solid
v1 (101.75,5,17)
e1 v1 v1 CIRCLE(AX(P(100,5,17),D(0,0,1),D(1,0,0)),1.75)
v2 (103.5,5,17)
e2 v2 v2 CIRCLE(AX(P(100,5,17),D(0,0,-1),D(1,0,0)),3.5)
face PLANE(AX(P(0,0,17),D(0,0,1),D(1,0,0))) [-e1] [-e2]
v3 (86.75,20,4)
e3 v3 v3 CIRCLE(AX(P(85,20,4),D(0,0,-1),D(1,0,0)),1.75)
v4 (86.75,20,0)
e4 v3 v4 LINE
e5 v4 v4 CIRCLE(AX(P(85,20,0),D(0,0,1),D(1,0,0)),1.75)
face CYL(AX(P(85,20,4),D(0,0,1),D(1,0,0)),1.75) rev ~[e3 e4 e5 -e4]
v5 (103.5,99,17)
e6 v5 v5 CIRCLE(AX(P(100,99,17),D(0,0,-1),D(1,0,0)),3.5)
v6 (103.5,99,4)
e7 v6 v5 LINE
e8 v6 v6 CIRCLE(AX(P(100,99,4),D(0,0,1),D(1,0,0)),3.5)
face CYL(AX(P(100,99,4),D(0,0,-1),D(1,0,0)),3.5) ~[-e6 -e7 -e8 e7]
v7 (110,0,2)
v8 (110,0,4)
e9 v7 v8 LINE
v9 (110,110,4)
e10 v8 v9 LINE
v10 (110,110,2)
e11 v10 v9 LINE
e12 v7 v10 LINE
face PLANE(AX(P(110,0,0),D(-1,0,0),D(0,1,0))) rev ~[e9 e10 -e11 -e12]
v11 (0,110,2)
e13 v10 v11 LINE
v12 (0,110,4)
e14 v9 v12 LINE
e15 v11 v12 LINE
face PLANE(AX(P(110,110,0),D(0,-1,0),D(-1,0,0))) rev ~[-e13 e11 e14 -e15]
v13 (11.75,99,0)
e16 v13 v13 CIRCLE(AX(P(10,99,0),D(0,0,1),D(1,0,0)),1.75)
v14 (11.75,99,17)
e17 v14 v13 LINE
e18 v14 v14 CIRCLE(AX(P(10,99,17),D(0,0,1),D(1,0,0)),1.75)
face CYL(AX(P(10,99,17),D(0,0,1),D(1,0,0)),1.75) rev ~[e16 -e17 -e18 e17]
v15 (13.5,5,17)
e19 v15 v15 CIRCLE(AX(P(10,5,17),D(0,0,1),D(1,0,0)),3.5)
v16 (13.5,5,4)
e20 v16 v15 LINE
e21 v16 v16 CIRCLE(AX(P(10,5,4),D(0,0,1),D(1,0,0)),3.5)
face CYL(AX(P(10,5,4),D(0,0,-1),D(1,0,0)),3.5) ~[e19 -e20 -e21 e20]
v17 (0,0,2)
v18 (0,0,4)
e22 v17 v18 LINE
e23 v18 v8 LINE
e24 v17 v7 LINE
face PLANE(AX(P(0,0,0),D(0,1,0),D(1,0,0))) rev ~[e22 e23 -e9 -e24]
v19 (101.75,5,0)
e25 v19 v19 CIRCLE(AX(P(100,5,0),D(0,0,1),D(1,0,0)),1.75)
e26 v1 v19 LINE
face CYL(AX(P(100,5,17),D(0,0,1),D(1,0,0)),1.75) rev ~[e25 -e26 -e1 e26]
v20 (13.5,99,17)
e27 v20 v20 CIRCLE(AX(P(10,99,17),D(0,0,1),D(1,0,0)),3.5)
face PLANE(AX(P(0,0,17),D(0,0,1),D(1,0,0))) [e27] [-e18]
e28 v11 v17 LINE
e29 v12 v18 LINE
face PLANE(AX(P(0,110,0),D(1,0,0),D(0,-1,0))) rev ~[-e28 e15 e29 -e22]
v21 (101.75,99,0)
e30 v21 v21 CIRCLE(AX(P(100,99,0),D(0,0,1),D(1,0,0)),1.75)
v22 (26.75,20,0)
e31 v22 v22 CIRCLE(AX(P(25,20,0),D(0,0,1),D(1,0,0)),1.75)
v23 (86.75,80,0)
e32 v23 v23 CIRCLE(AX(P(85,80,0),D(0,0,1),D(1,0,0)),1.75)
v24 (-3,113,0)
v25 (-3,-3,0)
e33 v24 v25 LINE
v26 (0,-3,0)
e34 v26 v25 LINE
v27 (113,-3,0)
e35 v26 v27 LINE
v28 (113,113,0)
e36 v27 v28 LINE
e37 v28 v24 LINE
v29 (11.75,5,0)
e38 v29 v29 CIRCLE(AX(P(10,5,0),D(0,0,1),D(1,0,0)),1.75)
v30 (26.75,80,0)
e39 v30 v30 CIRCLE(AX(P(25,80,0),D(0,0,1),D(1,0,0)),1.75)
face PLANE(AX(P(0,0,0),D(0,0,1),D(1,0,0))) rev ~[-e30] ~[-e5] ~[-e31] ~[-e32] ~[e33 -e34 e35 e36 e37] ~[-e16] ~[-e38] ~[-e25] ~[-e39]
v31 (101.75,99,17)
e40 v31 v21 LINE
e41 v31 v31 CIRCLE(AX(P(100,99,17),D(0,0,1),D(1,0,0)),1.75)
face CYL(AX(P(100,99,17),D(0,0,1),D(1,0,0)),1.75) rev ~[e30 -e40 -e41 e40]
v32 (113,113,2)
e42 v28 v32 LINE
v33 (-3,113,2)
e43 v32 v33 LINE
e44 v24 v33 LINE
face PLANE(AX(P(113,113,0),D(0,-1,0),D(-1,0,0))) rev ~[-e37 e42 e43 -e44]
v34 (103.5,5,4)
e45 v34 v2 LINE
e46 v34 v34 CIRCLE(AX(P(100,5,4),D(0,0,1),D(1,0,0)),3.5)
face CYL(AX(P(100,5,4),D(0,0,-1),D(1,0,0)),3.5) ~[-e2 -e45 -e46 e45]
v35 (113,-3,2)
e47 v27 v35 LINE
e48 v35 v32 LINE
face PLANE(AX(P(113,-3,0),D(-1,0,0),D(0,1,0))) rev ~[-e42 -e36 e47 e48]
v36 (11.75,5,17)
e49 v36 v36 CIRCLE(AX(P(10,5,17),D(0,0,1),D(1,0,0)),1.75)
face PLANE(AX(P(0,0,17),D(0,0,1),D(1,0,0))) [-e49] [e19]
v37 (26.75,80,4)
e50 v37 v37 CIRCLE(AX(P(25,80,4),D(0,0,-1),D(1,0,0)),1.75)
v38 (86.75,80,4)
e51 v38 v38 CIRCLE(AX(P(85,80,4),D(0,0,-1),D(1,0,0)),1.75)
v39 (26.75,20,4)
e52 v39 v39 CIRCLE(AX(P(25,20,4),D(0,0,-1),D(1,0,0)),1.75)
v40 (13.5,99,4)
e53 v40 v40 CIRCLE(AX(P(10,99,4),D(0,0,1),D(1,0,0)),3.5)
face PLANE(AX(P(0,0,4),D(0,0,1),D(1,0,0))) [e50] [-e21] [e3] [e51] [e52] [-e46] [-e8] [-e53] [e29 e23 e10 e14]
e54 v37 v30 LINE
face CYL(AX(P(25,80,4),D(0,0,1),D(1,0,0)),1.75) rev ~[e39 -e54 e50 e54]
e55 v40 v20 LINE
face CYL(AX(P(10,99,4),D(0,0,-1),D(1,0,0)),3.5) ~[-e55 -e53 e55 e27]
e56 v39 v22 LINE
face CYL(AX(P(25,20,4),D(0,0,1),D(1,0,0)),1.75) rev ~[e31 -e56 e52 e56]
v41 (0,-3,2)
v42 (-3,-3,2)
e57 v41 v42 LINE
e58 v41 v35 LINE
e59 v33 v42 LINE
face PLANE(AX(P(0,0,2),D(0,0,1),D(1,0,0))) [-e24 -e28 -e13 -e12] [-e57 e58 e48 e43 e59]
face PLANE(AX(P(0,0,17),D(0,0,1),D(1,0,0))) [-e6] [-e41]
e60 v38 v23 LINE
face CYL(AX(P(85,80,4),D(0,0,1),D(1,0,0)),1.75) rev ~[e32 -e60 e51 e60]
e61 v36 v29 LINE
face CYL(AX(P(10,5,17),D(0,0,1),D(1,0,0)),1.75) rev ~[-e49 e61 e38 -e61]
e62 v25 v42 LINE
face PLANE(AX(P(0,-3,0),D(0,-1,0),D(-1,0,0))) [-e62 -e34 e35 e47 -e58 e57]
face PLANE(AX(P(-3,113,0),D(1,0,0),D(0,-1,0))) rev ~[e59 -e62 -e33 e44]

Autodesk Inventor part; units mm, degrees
ref_plane "YZ Plane" through (0, 0, 0) normal (1, 0, 0) x (0, 1, 0)
ref_plane "XZ Plane" through (0, 0, 0) normal (0, 1, 0) x (-1, 0, 0)
ref_plane "XY Plane" through (0, 0, 0) normal (0, 0, 1) x (1, 0, 0)
sketch "Sketch1" plane through (0, 0, 0) normal (0, 0, 1) x (1, 0, 0)
  line L0 (0, 0) -> (110, 0)
  line L1 (110, 0) -> (110, 110)
  line L2 (110, 110) -> (0, 110)
  line L3 (0, 110) -> (0, 0)
  line L4 (0, 0) -> (0, -3)
  line L5 (0, -3) -> (-3, -3)
  line L6 (-3, -3) -> (113, -3)
  line L7 (113, -3) -> (113, 113)
  line L8 (113, 113) -> (-3, 113)
  line L9 (-3, 113) -> (-3, -3)
  dimension "d0" = 110
  dimension "d1" = 110
  dimension "d2" = 3
  dimension "d3" = 3
  dimension "d4" = 116
  dimension "d5" = 116
extrude "Extrusion1" add sketch "Sketch1" along normal blind 4 contours L3 L2 L1 L0
extrude "Extrusion2" add sketch "Sketch1" along normal blind 2
sketch "Sketch2" plane through (0, 0, 4) normal (0, 0, 1) x (1, 0, 0)
  line L0 (0, 0) -> (110, 0) projected
  line L1 (55, 0) -> (55, 5)
  line L2 (55, 5) -> (10, 5)
  line L3 (10, 5) -> (100, 5)
  line L4 (100, 5) -> (100, 99)
  line L5 (100, 99) -> (10, 99)
  circle A0 centre (10, 99) radius 3.5
  circle A1 centre (100, 99) radius 3.5
  circle A2 centre (100, 5) radius 3.5
  circle A3 centre (10, 5) radius 3.5
  dimension "d10" = 5
  dimension "d11" = 45
  dimension "d12" = 90
  dimension "d13" = 94
  dimension "d14" = 90
  dimension "d15" = 7
  dimension "d16" = 7
  dimension "d17" = 7
  dimension "d18" = 7
extrude "Extrusion3" add sketch "Sketch2" along normal blind 13
sketch "Sketch3" plane through (10, 99, 17) normal (0, 0, 1) x (1, 0, 0)
  circle A0 centre (0, -94) radius 3.5 projected
  circle A1 centre (0, -94) radius 1.75
  circle A2 centre (90, -94) radius 3.5 projected
  circle A3 centre (90, -94) radius 1.75
  circle A4 centre (90, 0) radius 3.5 projected
  circle A5 centre (90, 0) radius 1.75
  circle A6 centre (0, 0) radius 1.75
  point P0 (-10, -99)
  dimension "d21" = 3.5
  dimension "d22" = 3.5
  dimension "d23" = 3.5
  dimension "d24" = 3.5
extrude "Extrusion4" cut sketch "Sketch3" against normal through all contours A1 | A3 | A5 | A6
sketch "Sketch4" plane through (0, 0, 4) normal (0, 0, 1) x (1, 0, 0)
  line L0 (0, 0) -> (110, 0) projected
  line L1 (55, 0) -> (55, 20)
  line L2 (55, 20) -> (85, 20)
  line L3 (85, 20) -> (85, 80)
  line L4 (85, 80) -> (25, 80)
  line L5 (25, 80) -> (25, 20)
  circle A0 centre (25, 80) radius 1.75
  circle A1 centre (85, 80) radius 1.75
  circle A2 centre (85, 20) radius 1.75
  circle A3 centre (25, 20) radius 1.75
  dimension "d27" = 20
  dimension "d28" = 30
  dimension "d29" = 60
  dimension "d30" = 60
  dimension "d31" = 60
  dimension "d32" = 3.5
  dimension "d33" = 3.5
  dimension "d34" = 3.5
  dimension "d35" = 3.5
extrude "Extrusion5" cut sketch "Sketch4" against normal blind 15
properties part number "nuccase_top"
